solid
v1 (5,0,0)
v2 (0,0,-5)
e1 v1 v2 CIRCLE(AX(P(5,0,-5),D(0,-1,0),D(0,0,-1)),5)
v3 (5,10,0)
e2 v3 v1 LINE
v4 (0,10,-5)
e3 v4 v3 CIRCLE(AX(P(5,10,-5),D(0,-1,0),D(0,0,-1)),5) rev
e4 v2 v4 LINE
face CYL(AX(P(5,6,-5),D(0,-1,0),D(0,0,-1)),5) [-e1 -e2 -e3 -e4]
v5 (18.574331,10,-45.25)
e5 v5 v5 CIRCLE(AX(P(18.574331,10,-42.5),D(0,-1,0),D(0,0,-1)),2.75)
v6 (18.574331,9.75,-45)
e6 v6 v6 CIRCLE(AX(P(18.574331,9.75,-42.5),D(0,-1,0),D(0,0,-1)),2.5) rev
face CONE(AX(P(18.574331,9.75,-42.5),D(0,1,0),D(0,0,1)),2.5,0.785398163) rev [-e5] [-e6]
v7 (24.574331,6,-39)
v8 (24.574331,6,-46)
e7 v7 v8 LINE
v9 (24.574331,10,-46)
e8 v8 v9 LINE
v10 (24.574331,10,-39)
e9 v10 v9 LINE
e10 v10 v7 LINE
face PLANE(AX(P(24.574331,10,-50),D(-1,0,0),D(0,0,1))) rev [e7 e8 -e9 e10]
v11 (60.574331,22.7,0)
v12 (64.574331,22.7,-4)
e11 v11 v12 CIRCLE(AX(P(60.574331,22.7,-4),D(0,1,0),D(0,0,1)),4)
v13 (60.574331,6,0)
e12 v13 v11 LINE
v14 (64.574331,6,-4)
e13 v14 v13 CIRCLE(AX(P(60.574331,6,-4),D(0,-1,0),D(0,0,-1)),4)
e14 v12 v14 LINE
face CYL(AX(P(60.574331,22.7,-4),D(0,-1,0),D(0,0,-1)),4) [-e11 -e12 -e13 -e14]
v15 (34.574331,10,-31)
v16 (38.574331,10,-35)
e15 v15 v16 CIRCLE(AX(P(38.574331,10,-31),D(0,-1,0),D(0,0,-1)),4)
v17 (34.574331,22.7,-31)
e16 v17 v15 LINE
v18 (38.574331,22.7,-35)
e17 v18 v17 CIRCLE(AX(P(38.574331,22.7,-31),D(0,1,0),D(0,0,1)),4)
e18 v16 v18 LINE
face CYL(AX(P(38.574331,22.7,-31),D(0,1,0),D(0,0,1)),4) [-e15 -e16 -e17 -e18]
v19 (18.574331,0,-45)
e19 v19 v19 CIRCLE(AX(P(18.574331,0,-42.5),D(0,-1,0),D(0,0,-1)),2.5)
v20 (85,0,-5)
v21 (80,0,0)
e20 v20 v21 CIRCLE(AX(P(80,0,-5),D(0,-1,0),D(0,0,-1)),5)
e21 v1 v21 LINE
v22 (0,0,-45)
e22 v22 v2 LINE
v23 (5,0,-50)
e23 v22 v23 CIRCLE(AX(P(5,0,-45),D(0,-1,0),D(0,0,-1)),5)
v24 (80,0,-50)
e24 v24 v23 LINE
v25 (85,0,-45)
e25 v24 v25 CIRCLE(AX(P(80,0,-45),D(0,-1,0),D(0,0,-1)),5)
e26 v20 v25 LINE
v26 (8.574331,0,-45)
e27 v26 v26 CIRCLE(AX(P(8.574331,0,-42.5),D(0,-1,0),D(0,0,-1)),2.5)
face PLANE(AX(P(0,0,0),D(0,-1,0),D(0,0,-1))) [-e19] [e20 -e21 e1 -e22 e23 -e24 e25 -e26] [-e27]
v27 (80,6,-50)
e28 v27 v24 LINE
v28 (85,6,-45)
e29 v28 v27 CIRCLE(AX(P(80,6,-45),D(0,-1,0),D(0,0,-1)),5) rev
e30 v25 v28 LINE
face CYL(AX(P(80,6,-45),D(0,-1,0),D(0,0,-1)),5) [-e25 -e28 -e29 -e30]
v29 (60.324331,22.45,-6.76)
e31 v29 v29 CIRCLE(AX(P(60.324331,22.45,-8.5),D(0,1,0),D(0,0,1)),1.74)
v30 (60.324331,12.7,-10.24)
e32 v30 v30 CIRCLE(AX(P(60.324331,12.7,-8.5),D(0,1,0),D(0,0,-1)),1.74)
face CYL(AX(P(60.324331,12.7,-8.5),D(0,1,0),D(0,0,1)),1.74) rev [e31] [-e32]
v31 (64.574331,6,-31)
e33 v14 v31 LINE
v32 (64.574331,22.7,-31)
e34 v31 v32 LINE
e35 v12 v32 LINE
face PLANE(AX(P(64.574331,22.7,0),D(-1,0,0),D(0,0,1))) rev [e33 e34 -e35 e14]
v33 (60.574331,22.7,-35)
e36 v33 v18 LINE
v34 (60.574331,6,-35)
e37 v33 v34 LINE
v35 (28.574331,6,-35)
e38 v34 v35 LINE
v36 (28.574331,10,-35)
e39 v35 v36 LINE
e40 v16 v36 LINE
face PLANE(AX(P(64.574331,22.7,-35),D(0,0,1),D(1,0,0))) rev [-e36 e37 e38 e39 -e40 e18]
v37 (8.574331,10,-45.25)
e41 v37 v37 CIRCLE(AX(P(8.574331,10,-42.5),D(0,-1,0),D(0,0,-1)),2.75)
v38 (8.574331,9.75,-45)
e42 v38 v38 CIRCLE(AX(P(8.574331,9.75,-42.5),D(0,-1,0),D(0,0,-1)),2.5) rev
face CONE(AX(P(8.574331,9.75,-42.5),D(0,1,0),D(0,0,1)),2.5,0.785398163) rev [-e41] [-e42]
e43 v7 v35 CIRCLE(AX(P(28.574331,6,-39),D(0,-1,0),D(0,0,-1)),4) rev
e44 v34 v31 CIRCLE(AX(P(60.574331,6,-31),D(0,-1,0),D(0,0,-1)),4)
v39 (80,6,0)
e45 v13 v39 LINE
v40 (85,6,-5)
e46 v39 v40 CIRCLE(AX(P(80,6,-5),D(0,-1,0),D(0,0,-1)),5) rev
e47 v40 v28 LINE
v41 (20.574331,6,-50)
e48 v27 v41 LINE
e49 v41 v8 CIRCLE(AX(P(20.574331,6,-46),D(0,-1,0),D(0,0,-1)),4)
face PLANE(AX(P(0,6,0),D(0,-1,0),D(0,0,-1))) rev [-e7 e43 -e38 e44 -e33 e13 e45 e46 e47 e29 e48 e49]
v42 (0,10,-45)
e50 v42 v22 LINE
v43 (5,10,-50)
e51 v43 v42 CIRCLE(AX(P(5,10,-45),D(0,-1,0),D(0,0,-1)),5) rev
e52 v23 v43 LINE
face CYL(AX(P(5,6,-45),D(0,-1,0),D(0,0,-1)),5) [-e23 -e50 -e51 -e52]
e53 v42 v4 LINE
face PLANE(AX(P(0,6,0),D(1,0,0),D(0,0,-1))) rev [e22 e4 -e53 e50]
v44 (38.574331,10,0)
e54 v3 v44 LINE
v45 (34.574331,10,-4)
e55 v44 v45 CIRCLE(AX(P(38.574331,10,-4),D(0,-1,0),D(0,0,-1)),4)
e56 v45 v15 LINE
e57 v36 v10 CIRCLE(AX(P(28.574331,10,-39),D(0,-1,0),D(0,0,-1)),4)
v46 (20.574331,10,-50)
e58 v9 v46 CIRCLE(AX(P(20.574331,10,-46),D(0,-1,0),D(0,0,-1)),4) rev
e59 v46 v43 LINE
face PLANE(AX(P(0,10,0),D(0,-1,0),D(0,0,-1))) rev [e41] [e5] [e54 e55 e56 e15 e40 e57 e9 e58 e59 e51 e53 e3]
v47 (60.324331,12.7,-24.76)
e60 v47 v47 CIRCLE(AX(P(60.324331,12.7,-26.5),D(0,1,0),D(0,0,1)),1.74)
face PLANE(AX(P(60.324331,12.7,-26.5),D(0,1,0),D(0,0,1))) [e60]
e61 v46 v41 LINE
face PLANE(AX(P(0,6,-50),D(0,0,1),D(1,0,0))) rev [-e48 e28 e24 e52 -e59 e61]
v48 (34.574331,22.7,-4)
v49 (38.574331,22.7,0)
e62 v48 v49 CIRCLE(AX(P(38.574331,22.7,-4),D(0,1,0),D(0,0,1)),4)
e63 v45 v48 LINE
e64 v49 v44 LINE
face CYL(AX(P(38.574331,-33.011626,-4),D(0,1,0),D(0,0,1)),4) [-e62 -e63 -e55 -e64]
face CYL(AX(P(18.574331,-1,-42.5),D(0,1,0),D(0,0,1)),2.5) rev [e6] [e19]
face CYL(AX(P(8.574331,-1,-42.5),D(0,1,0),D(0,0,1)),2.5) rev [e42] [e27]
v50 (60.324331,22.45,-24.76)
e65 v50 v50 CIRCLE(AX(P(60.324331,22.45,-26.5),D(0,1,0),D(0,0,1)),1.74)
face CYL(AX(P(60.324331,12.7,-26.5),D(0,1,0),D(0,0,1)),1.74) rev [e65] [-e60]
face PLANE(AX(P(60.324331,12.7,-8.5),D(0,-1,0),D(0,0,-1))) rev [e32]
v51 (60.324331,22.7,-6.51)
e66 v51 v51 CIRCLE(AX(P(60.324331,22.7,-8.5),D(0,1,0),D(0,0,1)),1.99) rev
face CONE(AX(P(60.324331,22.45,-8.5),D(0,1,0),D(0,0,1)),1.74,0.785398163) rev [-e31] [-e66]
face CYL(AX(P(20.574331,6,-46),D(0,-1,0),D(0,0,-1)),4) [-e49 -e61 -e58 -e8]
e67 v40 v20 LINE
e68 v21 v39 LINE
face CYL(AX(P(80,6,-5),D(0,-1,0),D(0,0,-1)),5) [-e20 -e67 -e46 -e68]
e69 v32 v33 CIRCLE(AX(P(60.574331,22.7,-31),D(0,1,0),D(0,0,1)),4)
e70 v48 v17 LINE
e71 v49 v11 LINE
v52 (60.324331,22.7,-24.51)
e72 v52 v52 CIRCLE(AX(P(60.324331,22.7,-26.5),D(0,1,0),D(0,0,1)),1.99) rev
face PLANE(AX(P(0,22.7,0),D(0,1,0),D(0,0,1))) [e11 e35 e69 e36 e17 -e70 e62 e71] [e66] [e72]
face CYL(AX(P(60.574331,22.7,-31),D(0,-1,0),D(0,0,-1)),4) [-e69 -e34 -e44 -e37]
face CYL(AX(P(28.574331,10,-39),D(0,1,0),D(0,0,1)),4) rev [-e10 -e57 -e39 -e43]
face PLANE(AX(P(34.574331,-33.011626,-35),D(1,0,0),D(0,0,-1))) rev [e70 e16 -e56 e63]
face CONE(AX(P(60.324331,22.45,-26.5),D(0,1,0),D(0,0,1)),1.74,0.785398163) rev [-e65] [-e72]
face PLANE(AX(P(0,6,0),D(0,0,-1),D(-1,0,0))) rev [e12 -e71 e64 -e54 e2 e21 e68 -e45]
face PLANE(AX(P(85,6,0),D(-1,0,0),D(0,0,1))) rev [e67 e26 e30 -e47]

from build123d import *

# Parameters (mm, degrees)
SKETCH1_W           = 85
SKETCH1_H           = 50
BOSS_EXTRUDE1_DEPTH = 6
BOSS_EXTRUDE2_DEPTH = 4
SKETCH4_R           = 2.5
CUT_EXTRUDE2_DEPTH  = 11
SKETCH5_W           = 55
SKETCH5_H           = 35
BOSS_EXTRUDE3_DEPTH = 16.7
FILLET1_R           = 5
SKETCH6_R           = 1.74
CUT_EXTRUDE3_DEPTH  = 10
SKETCH7_W           = 25
SKETCH7_H           = 35
CUT_EXTRUDE4_DEPTH  = 12.7
FILLET3_R           = 4
FILLET4_R           = 4
FILLET5_R           = 4
CHAMFER1_SIZE       = 0.25


with BuildPart() as part:
    # Sketch1 → Boss-Extrude1 (new body)
    with BuildSketch(Plane(origin=(0, 0, 0), x_dir=(1, 0, 0), z_dir=(0, 1, 0))):
        with Locations((42.5, 25)):
            Rectangle(SKETCH1_W, SKETCH1_H)
    extrude(amount=BOSS_EXTRUDE1_DEPTH)

    # Sketch2 → Boss-Extrude2 (add)
    with BuildSketch(Plane(origin=(0, 6, 0), x_dir=(1, 0, 0), z_dir=(0, 1, 0))):
        Polygon((0, 0), (0, 50), (24.574331447, 50), (24.574331447, 35), (9.574331447, 35), (9.574331447, 0), align=None)
    extrude(amount=BOSS_EXTRUDE2_DEPTH)

    # Sketch4 → Cut-Extrude2 (cut)
    with BuildSketch(Plane(origin=(0, 10, 0), x_dir=(1, 0, 0), z_dir=(0, 1, 0))):
        with Locations((18.574331447, 42.5)):
            Circle(SKETCH4_R)
        with Locations((8.574331447, 42.5)):
            Circle(SKETCH4_R)
    extrude(amount=-CUT_EXTRUDE2_DEPTH, mode=Mode.SUBTRACT)

    # Sketch5 → Boss-Extrude3 (add)
    with BuildSketch(Plane(origin=(0, 6, 0), x_dir=(1, 0, 0), z_dir=(0, 1, 0))):
        with Locations((37.074331447, 17.5)):
            Rectangle(SKETCH5_W, SKETCH5_H)
    extrude(amount=BOSS_EXTRUDE3_DEPTH)

    # Fillet1
    fillet1_edges = [part.edges().sort_by_distance(p)[0] for p in [
        (0, 5, -50),
        (85, 3, -50),
        (85, 3, 0),
        (0, 5, 0),
    ]]
    fillet(fillet1_edges, radius=FILLET1_R)

    # Sketch6 → Cut-Extrude3 (cut)
    with BuildSketch(Plane(origin=(0, 22.7, 0), x_dir=(1, 0, 0), z_dir=(0, 1, 0))):
        with Locations((60.324331447, 26.5)):
            Circle(SKETCH6_R)
        with Locations((60.324331447, 8.5)):
            Circle(SKETCH6_R)
    extrude(amount=-CUT_EXTRUDE3_DEPTH, mode=Mode.SUBTRACT)

    # Sketch7 → Cut-Extrude4 (cut)
    with BuildSketch(Plane(origin=(0, 22.7, 0), x_dir=(1, 0, 0), z_dir=(0, 1, 0))):
        with Locations((22.074331447, 17.5)):
            Rectangle(SKETCH7_W, SKETCH7_H)
    extrude(amount=-CUT_EXTRUDE4_DEPTH, mode=Mode.SUBTRACT)

    # Fillet3
    fillet3_edges = [part.edges().sort_by_distance(p)[0] for p in [
        (34.574331447, 16.35, 0),
        (34.574331447, 16.35, -35),
        (64.574331447, 14.35, -35),
        (64.574331447, 14.35, 0),
    ]]
    fillet(fillet3_edges, radius=FILLET3_R)

    # Fillet4
    fillet4_edges = [part.edges().sort_by_distance(p)[0] for p in [
        (24.574331447, 8, -35),
    ]]
    fillet(fillet4_edges, radius=FILLET4_R)

    # Fillet5
    fillet5_edges = [part.edges().sort_by_distance(p)[0] for p in [
        (24.574331447, 8, -50),
    ]]
    fillet(fillet5_edges, radius=FILLET5_R)

    # Chamfer1
    chamfer1_edges = [part.edges().sort_by_distance(p)[0] for p in [
        (16.074331447, 10, -42.5),
        (6.074331447, 10, -42.5),
        (58.584331447, 22.7, -26.5),
        (58.584331447, 22.7, -8.5),
    ]]
    chamfer(chamfer1_edges, length=CHAMFER1_SIZE)


solid = part.part
